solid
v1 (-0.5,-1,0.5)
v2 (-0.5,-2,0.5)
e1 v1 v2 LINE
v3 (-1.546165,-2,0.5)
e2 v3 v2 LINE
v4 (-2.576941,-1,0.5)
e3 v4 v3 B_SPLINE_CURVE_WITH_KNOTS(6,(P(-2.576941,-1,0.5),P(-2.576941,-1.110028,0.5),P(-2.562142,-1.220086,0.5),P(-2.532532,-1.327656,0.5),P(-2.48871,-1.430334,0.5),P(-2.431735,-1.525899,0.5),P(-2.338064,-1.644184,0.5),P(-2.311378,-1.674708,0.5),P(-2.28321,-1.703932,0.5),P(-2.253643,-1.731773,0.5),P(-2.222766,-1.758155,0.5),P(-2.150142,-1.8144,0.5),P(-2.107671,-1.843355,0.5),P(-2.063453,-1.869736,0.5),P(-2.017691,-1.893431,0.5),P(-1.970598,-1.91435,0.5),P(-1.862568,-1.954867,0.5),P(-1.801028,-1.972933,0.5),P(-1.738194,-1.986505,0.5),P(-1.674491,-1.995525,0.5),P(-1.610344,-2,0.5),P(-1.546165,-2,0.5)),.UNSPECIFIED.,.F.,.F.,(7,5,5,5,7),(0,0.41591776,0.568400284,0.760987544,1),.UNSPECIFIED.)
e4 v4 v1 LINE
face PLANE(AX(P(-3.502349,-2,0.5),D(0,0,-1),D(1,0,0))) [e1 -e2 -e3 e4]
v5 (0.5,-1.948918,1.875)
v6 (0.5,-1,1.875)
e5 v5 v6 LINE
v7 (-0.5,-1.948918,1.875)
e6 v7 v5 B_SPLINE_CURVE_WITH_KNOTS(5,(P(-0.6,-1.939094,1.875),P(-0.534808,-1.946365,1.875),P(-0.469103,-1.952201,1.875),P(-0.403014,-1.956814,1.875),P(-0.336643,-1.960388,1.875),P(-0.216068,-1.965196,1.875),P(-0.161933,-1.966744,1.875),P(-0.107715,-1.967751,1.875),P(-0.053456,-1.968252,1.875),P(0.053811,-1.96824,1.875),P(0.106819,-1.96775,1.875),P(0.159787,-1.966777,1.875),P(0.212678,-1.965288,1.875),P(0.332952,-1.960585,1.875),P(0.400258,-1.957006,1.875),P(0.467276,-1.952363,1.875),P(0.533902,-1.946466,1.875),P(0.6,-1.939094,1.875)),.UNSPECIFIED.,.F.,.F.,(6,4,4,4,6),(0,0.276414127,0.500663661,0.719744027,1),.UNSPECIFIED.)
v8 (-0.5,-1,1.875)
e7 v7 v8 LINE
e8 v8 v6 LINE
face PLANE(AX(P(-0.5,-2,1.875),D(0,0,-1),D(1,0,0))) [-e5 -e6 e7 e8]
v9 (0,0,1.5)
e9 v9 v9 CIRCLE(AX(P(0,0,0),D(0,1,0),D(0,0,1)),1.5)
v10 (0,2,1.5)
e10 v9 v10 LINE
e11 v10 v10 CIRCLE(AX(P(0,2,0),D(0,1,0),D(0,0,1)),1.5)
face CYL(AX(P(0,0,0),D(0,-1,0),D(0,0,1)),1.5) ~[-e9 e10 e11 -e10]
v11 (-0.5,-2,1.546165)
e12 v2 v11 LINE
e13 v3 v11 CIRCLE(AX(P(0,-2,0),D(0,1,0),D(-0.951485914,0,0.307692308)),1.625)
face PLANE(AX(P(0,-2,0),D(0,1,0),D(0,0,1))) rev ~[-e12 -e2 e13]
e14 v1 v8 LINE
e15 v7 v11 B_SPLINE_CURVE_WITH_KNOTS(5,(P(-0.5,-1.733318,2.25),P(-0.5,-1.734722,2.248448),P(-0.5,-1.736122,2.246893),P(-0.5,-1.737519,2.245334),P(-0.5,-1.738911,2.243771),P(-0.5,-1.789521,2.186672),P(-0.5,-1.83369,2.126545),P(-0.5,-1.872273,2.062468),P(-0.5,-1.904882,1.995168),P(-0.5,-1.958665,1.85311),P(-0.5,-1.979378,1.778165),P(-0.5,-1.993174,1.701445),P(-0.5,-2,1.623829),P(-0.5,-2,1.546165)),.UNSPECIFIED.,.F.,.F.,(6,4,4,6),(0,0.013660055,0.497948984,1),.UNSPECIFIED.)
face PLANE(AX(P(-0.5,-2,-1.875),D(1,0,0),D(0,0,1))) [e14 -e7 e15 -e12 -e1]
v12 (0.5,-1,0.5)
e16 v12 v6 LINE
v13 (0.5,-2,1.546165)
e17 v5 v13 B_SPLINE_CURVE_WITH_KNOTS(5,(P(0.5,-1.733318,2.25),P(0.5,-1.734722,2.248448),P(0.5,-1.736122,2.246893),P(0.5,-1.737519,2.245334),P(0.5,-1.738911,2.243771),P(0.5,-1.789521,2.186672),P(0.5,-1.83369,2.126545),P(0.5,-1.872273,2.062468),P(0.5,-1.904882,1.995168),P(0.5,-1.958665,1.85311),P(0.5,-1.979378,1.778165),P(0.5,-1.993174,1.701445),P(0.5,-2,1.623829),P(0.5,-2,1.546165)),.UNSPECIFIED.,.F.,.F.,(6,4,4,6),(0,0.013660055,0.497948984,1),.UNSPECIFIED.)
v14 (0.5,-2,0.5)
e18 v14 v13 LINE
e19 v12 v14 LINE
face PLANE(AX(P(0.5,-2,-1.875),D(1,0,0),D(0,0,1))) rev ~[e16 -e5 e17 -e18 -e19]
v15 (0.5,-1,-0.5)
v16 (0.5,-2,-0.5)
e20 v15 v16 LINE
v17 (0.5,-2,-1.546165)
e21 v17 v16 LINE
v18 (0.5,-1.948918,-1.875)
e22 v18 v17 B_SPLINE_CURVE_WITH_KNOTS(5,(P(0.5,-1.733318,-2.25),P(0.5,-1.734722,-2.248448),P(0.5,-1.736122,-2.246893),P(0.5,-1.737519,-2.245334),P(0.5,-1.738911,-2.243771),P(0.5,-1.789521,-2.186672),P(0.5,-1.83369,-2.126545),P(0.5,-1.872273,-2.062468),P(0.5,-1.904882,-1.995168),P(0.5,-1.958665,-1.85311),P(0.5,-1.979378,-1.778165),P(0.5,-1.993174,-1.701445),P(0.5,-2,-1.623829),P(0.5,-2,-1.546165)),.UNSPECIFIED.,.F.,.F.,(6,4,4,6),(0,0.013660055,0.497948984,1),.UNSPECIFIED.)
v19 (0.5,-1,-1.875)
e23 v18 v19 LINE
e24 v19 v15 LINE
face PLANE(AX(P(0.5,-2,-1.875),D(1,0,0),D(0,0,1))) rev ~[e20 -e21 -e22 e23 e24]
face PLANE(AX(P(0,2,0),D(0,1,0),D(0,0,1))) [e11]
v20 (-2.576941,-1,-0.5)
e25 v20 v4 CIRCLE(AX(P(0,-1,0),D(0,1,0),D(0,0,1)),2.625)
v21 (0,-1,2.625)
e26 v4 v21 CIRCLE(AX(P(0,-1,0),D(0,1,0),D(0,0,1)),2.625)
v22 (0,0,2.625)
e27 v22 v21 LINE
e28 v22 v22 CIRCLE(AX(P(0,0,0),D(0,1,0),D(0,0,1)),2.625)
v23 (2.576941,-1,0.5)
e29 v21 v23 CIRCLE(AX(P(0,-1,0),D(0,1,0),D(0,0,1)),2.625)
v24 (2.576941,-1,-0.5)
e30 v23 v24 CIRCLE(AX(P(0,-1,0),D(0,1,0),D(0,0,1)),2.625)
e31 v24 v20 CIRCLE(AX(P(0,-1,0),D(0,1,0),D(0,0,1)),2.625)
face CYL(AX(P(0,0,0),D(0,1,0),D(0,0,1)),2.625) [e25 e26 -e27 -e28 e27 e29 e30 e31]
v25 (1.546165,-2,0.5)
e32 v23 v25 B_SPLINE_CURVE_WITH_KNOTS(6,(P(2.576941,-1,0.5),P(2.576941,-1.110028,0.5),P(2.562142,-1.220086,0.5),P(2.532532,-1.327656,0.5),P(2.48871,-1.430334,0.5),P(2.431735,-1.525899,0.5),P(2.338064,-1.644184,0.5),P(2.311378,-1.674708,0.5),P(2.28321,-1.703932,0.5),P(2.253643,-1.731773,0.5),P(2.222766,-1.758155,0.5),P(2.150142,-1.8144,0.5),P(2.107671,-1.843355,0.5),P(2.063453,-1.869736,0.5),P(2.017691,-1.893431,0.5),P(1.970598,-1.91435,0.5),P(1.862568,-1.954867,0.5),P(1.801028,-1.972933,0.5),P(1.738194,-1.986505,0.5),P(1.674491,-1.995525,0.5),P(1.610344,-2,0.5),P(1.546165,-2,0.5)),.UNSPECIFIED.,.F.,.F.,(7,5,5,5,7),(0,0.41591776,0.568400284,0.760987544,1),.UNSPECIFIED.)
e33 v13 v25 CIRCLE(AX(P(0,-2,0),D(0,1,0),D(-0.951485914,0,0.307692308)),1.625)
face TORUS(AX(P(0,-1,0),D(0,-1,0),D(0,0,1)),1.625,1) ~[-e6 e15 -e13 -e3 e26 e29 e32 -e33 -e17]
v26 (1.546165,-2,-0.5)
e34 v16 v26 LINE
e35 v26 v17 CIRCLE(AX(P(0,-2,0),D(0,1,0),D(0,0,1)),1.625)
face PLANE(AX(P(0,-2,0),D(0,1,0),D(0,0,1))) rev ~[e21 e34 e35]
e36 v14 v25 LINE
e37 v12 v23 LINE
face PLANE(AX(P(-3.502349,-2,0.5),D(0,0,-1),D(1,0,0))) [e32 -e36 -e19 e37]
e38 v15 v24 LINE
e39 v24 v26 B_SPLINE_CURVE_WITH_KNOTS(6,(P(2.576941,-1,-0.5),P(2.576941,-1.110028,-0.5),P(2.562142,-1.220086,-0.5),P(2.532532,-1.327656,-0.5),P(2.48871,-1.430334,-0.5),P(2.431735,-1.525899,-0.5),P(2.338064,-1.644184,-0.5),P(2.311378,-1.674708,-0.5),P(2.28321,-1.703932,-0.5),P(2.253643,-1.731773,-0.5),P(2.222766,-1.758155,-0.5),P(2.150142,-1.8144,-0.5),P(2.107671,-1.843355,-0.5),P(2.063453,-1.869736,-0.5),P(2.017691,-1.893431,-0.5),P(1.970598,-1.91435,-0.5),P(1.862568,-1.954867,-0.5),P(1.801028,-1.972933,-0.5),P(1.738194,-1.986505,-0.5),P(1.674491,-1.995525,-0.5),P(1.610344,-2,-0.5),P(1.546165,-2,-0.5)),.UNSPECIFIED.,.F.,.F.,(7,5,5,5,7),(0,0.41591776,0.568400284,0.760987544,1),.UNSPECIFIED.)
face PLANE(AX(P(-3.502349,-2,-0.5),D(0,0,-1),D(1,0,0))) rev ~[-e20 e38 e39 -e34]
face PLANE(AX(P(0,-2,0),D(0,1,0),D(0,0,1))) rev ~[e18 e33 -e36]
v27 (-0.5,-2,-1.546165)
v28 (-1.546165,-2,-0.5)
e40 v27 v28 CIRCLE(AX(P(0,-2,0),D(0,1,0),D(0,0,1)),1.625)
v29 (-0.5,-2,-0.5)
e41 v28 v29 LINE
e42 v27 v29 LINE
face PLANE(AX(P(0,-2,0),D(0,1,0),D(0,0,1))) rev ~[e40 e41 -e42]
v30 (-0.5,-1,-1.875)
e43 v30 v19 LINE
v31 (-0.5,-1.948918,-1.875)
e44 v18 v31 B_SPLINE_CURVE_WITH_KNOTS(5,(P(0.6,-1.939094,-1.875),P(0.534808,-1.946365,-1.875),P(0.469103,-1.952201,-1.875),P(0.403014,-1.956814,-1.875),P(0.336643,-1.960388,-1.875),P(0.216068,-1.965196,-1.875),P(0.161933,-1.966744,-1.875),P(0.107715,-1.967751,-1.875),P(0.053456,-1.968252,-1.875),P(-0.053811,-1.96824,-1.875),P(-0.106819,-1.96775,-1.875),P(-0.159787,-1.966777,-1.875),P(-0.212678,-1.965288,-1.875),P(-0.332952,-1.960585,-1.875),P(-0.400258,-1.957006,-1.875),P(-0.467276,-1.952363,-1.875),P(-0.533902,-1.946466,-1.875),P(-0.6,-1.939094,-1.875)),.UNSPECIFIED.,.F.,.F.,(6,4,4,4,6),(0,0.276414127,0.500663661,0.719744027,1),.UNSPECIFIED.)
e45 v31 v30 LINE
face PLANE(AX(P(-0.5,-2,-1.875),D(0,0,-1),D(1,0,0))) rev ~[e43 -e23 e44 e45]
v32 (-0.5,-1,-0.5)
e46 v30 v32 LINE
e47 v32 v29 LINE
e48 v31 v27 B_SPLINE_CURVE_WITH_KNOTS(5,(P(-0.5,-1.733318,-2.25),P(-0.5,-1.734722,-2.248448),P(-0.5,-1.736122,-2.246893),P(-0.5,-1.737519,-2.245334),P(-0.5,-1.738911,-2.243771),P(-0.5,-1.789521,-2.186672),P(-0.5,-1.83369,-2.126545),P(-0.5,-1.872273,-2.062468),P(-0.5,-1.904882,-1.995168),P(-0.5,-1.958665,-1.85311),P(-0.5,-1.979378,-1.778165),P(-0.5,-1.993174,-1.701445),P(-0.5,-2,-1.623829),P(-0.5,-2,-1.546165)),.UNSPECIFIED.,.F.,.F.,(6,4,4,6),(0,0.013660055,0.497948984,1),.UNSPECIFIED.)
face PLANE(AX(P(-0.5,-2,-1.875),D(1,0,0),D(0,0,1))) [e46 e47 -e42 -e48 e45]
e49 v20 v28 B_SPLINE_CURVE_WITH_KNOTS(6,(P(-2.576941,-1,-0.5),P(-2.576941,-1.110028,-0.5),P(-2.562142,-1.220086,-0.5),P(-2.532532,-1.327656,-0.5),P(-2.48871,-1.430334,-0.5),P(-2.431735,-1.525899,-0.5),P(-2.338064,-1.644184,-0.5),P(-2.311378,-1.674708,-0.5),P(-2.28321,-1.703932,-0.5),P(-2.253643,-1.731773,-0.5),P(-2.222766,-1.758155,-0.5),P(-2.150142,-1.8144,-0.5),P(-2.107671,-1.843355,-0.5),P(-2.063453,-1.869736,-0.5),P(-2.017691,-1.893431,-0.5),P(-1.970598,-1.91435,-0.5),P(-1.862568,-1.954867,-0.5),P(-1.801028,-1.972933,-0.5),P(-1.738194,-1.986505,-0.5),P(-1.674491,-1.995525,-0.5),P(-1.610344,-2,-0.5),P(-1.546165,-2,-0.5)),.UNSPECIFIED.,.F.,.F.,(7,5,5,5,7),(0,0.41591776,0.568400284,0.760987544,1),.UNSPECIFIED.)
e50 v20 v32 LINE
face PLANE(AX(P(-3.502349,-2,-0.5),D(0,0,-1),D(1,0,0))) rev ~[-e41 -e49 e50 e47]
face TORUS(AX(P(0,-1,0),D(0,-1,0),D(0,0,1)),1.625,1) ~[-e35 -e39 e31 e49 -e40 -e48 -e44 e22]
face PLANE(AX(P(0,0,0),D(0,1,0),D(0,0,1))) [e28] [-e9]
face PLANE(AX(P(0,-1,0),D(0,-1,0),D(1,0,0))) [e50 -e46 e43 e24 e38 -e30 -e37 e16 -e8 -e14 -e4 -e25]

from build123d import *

# Parameters (mm, degrees)
SKETCH_1_R          = 1.5
EXTRUDE_1_DEPTH     = 2
SKETCH_2_R          = 2.625
EXTRUDE_2_DEPTH     = 2
FILLET_1_R          = 1
SKETCH_3_W          = 7.004697232
SKETCH_3_H          = 1
CUT_EXTRUDE_1_DEPTH = 1
SKETCH_4_W          = 1
SKETCH_4_H          = 3.75
CUT_EXTRUDE_2_DEPTH = 1


with BuildPart() as part:
    # 草图1 → 拉伸1 (new body)
    with BuildSketch(Plane(origin=(0, 0, 0), x_dir=(1, 0, 0), z_dir=(0, 1, 0))):
        Circle(SKETCH_1_R)
    extrude(amount=EXTRUDE_1_DEPTH)

    # 草图2 → Extrude 2 (add)
    with BuildSketch(Plane(origin=(0, 0, 0), x_dir=(-1, 0, 0), z_dir=(0, 1, 0))):
        Circle(SKETCH_2_R)
    extrude(amount=-EXTRUDE_2_DEPTH)

    # 圆角1
    fillet_1_edges = [part.edges().sort_by_distance(p)[0] for p in [
        (2.625, -2, 0),
    ]]
    fillet(fillet_1_edges, radius=FILLET_1_R)

    # 草图3 → 切除-拉伸1 (cut)
    with BuildSketch(Plane.XZ.offset(2)):
        Rectangle(SKETCH_3_W, SKETCH_3_H)
    extrude(amount=-CUT_EXTRUDE_1_DEPTH, mode=Mode.SUBTRACT)

    # 草图4 → 切除-拉伸2 (cut)
    with BuildSketch(Plane.XZ.offset(2)):
        Rectangle(SKETCH_4_W, SKETCH_4_H)
    extrude(amount=-CUT_EXTRUDE_2_DEPTH, mode=Mode.SUBTRACT)


solid = part.part
